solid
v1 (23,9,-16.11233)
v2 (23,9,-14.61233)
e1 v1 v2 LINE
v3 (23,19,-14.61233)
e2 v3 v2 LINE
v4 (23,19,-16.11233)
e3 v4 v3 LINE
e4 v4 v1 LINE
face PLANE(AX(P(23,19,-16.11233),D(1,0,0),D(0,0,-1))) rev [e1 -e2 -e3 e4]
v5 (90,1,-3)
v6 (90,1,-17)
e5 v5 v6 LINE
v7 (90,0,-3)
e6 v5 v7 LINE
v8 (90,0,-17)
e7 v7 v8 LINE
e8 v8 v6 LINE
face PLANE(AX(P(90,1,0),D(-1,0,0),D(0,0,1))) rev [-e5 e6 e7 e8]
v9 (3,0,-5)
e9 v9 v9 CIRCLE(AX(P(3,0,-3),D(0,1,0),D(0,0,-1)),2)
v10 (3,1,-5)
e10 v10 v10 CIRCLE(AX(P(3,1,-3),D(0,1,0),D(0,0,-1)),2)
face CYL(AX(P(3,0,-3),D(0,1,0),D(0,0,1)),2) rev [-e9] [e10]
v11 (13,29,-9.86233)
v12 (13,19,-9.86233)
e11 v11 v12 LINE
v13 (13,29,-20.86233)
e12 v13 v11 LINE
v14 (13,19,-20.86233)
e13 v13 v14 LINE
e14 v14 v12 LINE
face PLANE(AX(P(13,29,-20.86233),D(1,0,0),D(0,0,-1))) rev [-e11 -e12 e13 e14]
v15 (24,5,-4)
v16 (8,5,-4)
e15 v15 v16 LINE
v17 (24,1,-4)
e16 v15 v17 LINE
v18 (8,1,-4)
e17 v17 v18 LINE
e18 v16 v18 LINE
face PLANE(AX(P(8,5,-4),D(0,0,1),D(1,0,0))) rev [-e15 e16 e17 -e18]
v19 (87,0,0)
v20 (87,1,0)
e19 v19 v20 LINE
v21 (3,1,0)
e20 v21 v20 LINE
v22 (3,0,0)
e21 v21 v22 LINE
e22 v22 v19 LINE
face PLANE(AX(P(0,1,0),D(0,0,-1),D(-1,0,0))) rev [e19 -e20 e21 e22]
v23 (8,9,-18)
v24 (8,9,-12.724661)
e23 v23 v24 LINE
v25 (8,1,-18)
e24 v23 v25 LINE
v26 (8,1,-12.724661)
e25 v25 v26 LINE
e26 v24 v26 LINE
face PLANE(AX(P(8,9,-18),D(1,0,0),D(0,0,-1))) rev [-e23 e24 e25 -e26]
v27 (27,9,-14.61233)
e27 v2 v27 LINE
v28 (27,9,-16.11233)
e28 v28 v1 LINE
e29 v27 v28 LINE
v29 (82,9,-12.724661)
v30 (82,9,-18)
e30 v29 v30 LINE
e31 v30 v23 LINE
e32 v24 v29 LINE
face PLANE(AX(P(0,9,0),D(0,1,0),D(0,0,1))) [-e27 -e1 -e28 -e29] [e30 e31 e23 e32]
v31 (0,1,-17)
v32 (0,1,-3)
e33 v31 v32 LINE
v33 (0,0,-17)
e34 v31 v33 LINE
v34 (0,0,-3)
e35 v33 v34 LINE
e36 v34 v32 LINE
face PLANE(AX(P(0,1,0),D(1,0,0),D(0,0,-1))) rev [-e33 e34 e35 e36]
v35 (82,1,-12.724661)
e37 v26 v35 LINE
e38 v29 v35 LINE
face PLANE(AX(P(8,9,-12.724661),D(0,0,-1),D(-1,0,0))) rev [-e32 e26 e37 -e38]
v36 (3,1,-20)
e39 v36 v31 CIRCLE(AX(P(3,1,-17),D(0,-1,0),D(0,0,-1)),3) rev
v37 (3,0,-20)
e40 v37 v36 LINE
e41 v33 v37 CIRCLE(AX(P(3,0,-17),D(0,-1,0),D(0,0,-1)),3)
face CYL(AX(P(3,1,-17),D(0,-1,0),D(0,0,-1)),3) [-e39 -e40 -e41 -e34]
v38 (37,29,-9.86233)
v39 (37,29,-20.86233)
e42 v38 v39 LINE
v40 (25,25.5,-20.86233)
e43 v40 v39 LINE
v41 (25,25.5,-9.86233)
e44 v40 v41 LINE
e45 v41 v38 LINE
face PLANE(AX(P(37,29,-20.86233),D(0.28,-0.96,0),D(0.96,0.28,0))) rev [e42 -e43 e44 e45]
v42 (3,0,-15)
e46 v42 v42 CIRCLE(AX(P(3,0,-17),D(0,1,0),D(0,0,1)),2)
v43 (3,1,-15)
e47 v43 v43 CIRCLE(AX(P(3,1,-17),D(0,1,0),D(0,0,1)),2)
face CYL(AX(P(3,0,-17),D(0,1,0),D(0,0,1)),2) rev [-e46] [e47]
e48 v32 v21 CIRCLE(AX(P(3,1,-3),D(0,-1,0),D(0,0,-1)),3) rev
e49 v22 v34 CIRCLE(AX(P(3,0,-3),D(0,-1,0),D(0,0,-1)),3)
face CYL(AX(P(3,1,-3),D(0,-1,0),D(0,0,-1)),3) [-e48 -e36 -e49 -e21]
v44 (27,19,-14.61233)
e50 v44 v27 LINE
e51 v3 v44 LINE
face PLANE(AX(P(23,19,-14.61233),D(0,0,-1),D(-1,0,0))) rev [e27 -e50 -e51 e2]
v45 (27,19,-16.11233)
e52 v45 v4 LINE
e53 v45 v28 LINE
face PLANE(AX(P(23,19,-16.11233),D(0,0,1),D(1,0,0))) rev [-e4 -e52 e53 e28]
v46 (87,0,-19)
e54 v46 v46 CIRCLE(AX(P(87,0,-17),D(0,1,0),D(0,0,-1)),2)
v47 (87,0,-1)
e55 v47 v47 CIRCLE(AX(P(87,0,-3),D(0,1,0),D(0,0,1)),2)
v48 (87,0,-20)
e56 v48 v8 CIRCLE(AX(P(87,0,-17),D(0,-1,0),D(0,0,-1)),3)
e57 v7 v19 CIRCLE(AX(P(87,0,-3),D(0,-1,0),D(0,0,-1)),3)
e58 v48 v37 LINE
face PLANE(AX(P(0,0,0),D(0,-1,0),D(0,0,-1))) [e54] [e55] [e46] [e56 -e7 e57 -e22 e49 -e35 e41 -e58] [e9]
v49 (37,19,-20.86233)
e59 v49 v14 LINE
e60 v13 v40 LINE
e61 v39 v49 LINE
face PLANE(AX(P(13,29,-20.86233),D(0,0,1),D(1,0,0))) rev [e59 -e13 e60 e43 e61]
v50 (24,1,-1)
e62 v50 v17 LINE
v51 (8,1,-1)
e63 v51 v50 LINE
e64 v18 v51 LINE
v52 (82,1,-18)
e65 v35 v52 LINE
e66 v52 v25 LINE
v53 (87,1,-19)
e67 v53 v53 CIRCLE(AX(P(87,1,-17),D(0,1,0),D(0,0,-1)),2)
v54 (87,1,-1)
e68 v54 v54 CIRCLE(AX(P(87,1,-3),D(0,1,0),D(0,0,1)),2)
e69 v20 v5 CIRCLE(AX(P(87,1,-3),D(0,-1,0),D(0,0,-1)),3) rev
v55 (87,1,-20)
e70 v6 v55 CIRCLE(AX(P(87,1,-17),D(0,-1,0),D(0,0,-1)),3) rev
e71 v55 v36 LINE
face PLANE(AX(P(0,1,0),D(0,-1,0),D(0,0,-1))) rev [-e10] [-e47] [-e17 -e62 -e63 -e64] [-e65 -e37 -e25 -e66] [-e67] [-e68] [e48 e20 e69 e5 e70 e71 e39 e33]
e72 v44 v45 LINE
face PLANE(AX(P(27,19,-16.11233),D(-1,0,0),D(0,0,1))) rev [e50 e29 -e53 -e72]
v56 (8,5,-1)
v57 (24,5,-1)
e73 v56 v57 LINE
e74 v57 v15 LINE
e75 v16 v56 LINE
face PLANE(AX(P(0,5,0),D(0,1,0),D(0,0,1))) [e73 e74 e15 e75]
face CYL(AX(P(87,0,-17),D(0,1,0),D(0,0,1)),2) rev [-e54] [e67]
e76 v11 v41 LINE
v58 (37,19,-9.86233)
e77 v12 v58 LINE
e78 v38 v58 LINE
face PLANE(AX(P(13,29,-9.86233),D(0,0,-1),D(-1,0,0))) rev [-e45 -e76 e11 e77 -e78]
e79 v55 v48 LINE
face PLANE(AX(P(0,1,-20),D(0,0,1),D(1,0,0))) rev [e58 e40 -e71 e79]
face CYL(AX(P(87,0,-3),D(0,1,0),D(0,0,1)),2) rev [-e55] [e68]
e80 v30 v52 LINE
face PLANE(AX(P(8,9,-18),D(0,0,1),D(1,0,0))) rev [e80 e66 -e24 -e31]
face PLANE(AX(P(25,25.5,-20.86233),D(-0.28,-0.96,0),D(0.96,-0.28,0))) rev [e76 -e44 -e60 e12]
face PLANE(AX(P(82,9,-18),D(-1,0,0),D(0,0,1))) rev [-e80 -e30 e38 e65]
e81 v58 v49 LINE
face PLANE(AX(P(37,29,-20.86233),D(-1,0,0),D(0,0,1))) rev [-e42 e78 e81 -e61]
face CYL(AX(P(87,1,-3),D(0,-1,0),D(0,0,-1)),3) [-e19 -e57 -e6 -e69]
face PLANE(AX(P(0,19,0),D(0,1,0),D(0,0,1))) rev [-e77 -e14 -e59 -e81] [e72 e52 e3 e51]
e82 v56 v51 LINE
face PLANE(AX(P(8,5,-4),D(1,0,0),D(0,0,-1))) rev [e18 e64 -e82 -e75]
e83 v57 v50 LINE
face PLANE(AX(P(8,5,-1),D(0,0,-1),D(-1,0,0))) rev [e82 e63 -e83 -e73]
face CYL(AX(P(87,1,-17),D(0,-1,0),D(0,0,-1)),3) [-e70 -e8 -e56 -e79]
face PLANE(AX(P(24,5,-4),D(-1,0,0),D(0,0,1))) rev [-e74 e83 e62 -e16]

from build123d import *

# Parameters (mm, degrees)
SKETCH1_W           = 90
SKETCH1_H           = 20
BOSS_EXTRUDE1_DEPTH = 1
SKETCH2_R           = 2
CUT_EXTRUDE1_DEPTH  = 2
FILLET1_R           = 3
SKETCH3_W           = 74
SKETCH3_H           = 5.275339083
BOSS_EXTRUDE2_DEPTH = 8
SKETCH4_W           = 16
SKETCH4_H           = 3
BOSS_EXTRUDE3_DEPTH = 4
SKETCH5_W           = 4
SKETCH5_H           = 1.5
BOSS_EXTRUDE4_DEPTH = 10
SKETCH6_W           = 24
SKETCH6_H           = 11
BOSS_EXTRUDE5_DEPTH = 10
CUT_EXTRUDE2_DEPTH  = 12


with BuildPart() as part:
    # Sketch1 → Boss-Extrude1 (new body)
    with BuildSketch(Plane(origin=(0, 0, 0), x_dir=(1, 0, 0), z_dir=(0, 1, 0))):
        with Locations((45, 10)):
            Rectangle(SKETCH1_W, SKETCH1_H)
    extrude(amount=BOSS_EXTRUDE1_DEPTH)

    # Sketch2 → Cut-Extrude1 (cut, through all)
    with BuildSketch(Plane(origin=(0, 1, 0), x_dir=(1, 0, 0), z_dir=(0, 1, 0))):
        with Locations((3, 17)):
            Circle(SKETCH2_R)
        with Locations((87, 17)):
            Circle(SKETCH2_R)
        with Locations((87, 3)):
            Circle(SKETCH2_R)
        with Locations((3, 3)):
            Circle(SKETCH2_R)
    extrude(amount=-CUT_EXTRUDE1_DEPTH, mode=Mode.SUBTRACT)

    # Fillet1
    fillet1_edges = [part.edges().sort_by_distance(p)[0] for p in [
        (0, 0.5, -20),
        (90, 0.5, -20),
        (90, 0.5, 0),
        (0, 0.5, 0),
    ]]
    fillet(fillet1_edges, radius=FILLET1_R)

    # Sketch3 → Boss-Extrude2 (add)
    with BuildSketch(Plane(origin=(0, 1, 0), x_dir=(1, 0, 0), z_dir=(0, 1, 0))):
        with Locations((45, 15.362330459)):
            Rectangle(SKETCH3_W, SKETCH3_H)
    extrude(amount=BOSS_EXTRUDE2_DEPTH)

    # Sketch4 → Boss-Extrude3 (add)
    with BuildSketch(Plane(origin=(0, 1, 0), x_dir=(1, 0, 0), z_dir=(0, 1, 0))):
        with Locations((16, 2.5)):
            Rectangle(SKETCH4_W, SKETCH4_H)
    extrude(amount=BOSS_EXTRUDE3_DEPTH)

    # Sketch5 → Boss-Extrude4 (add)
    with BuildSketch(Plane(origin=(0, 9, 0), x_dir=(1, 0, 0), z_dir=(0, 1, 0))):
        with Locations((25, 15.362330459)):
            Rectangle(SKETCH5_W, SKETCH5_H)
    extrude(amount=BOSS_EXTRUDE4_DEPTH)

    # Sketch6 → Boss-Extrude5 (add)
    with BuildSketch(Plane(origin=(0, 19, 0), x_dir=(1, 0, 0), z_dir=(0, 1, 0))):
        with Locations((25, 15.362330459)):
            Rectangle(SKETCH6_W, SKETCH6_H)
    extrude(amount=BOSS_EXTRUDE5_DEPTH)

    # Sketch7 → Cut-Extrude2 (cut, through all)
    with BuildSketch(Plane.XY.offset(-9.862330459)):
        Polygon((37, 29), (25, 25.5), (13, 29), align=None)
    extrude(amount=-CUT_EXTRUDE2_DEPTH, mode=Mode.SUBTRACT)


solid = part.part
